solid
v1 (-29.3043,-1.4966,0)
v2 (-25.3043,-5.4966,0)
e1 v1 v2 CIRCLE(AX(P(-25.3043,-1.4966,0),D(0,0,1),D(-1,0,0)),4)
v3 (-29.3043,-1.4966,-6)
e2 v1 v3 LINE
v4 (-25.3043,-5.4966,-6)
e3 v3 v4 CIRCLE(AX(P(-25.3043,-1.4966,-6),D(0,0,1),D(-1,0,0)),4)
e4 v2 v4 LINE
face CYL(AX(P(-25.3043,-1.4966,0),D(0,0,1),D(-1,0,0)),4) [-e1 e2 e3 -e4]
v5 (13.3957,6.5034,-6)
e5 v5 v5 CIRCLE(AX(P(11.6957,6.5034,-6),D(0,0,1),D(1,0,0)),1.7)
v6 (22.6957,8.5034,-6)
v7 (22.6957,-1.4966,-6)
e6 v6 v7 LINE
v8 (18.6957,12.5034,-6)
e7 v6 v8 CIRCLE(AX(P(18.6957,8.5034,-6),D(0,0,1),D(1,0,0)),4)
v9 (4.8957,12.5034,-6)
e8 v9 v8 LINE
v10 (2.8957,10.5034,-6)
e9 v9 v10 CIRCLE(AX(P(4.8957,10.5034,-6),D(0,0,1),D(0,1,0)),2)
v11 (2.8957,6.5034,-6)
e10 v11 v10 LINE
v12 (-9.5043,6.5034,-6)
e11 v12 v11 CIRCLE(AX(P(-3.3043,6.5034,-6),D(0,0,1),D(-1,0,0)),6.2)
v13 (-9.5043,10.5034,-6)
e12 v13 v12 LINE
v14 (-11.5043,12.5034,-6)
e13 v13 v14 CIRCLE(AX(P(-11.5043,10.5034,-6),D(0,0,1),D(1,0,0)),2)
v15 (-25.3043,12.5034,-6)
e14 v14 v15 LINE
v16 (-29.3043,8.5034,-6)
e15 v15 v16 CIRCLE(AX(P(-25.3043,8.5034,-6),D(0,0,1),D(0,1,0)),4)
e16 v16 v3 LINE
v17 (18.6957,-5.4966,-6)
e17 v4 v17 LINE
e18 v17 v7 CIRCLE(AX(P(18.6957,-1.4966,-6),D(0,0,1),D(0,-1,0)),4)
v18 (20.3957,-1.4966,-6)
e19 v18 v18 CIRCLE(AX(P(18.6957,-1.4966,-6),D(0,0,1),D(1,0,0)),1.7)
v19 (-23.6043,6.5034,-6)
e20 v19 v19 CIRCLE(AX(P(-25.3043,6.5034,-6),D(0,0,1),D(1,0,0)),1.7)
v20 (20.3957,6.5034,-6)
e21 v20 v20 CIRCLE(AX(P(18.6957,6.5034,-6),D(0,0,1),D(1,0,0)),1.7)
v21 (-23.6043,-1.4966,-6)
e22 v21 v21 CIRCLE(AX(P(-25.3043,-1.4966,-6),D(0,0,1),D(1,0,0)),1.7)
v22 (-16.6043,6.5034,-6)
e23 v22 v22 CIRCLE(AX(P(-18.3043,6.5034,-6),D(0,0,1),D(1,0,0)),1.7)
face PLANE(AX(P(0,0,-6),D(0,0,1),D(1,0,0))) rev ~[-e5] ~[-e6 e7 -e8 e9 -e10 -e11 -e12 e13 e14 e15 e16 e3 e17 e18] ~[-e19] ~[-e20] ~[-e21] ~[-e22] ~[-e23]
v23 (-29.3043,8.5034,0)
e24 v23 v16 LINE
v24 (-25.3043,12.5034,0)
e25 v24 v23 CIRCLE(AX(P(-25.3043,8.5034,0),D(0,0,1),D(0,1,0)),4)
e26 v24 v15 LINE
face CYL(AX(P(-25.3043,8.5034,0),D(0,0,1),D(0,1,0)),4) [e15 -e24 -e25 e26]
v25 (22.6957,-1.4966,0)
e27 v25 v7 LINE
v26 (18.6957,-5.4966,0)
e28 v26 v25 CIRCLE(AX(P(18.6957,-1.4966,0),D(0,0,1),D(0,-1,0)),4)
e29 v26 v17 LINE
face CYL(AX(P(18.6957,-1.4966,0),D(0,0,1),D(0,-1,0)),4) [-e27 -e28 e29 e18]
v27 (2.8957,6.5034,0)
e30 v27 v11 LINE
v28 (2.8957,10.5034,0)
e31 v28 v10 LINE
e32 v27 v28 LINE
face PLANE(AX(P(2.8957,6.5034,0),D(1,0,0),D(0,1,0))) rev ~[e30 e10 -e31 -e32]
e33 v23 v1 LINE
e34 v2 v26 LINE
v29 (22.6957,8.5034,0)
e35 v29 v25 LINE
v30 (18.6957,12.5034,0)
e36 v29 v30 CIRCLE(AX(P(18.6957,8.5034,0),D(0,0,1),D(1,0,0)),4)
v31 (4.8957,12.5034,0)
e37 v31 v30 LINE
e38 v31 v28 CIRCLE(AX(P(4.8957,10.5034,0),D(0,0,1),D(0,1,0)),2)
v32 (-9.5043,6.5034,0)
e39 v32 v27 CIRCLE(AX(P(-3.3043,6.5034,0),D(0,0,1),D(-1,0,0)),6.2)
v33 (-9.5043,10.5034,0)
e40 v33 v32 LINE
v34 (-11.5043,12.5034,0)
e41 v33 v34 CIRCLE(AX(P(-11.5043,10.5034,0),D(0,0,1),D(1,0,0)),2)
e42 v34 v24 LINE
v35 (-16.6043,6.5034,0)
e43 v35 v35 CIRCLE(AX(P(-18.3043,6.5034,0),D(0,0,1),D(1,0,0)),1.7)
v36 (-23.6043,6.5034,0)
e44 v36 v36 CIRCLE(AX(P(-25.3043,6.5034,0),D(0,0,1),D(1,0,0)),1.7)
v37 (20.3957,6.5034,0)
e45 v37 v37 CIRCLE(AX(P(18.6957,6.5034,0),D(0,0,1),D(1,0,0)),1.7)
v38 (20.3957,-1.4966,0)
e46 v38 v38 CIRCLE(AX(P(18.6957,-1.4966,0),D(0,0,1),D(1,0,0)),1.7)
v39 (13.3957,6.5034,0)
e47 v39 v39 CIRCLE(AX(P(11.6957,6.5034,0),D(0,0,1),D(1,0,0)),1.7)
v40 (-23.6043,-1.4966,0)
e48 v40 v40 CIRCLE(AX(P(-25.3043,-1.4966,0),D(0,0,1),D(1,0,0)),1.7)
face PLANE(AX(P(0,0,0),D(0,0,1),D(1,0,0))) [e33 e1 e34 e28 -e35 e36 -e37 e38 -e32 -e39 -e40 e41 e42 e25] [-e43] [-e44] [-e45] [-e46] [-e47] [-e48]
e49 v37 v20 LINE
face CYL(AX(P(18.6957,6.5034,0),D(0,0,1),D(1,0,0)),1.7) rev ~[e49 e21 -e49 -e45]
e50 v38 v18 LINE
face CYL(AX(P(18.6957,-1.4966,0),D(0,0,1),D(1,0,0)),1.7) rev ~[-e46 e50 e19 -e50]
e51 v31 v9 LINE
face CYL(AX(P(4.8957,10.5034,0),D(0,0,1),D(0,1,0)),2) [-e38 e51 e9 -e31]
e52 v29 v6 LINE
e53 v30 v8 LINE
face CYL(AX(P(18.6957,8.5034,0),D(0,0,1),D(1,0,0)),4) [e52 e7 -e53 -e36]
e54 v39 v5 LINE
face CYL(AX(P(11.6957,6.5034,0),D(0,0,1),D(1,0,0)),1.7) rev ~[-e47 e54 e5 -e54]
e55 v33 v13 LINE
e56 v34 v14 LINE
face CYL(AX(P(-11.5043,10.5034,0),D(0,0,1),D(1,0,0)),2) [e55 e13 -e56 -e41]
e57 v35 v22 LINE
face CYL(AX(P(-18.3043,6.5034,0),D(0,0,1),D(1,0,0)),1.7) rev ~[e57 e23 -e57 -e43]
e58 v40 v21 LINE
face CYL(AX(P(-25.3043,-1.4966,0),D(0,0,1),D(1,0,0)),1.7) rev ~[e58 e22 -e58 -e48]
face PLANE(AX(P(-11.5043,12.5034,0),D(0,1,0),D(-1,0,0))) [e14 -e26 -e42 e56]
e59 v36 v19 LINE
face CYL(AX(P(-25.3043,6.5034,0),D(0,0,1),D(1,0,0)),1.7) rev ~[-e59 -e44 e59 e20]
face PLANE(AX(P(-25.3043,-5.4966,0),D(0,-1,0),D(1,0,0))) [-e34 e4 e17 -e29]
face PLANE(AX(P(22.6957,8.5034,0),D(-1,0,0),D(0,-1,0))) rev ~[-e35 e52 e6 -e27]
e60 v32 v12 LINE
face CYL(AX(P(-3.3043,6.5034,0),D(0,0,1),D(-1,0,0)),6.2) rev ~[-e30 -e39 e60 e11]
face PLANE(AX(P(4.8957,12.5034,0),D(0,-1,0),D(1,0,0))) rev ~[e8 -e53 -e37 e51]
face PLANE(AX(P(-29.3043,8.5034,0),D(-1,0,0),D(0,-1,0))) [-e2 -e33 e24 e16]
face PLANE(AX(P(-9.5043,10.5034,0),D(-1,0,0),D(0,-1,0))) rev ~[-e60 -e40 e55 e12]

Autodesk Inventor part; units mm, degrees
ref_plane "YZ Plane" through (0, 0, 0) normal (1, 0, 0) x (0, 1, 0)
ref_plane "XZ Plane" through (0, 0, 0) normal (0, 1, 0) x (-1, 0, 0)
ref_plane "XY Plane" through (0, 0, 0) normal (0, 0, 1) x (1, 0, 0)
sketch "Sketch1" plane through (0, 0, 0) normal (0, 0, 1) x (1, 0, 0)
  circle A0 centre (18.6957, -1.4966) radius 1.7
  circle A1 centre (18.6957, 6.5034) radius 1.7 projected
  circle A2 centre (11.6957, 6.5034) radius 1.7 projected
  arc A3 (22.6957, 8.5034) -> (18.6957, 12.5034) centre (18.6957, 8.5034) ccw
  line L0 (4.8957, 12.5034) -> (18.6957, 12.5034)
  arc A4 (4.8957, 12.5034) -> (2.8957, 10.5034) centre (4.8957, 10.5034) ccw
  line L1 (2.8957, 6.5034) -> (2.8957, 10.5034)
  arc A5 (-9.5043, 6.5034) -> (2.8957, 6.5034) centre (-3.3043, 6.5034) ccw projected
  line L2 (-9.5043, 10.5034) -> (-9.5043, 6.5034)
  arc A6 (-9.5043, 10.5034) -> (-11.5043, 12.5034) centre (-11.5043, 10.5034) ccw
  line L3 (22.6957, 8.5034) -> (22.6957, -1.4966)
  arc A7 (18.6957, -5.4966) -> (22.6957, -1.4966) centre (18.6957, -1.4966) ccw
  line L4 (-3.3043, 6.5034) -> (-3.3043, -12.8188) construction
  circle A8 centre (-25.3043, -1.4966) radius 1.7
  circle A9 centre (-25.3043, 6.5034) radius 1.7
  circle A10 centre (-18.3043, 6.5034) radius 1.7
  arc A11 (-25.3043, 12.5034) -> (-29.3043, 8.5034) centre (-25.3043, 8.5034) ccw
  line L5 (-11.5043, 12.5034) -> (-25.3043, 12.5034)
  line L6 (-9.5043, 6.5034) -> (-9.5043, 10.5034)
  arc A12 (-9.5043, 6.5034) -> (2.8957, 6.5034) centre (-3.3043, 6.5034) ccw
  line L7 (-29.3043, 8.5034) -> (-29.3043, -1.4966)
  arc A13 (-29.3043, -1.4966) -> (-25.3043, -5.4966) centre (-25.3043, -1.4966) ccw
  line L8 (-25.3043, -5.4966) -> (18.6957, -5.4966)
  point P0 (0, 0)
  dimension "d18" = 4
  dimension "d24" = 6
  dimension "d26" = 2
  dimension "d27" = 2
  dimension "d28" = 2
extrude "Extrusion1" add sketch "Sketch1" against normal blind 6
sketch "Sketch2" plane through (0, 0, -6) normal (0, 0, -1) x (-1, 0, 0)
  circle A0 centre (26.3043, -2.4966) radius 1.6 projected
  circle A1 centre (26.3043, 15.5034) radius 1.6 projected
  circle A2 centre (26.3043, 6.5034) radius 2.5 projected
  arc A3 (30.3043, 15.5034) -> (23.3147, 18.1609) centre (26.3043, 15.5034) ccw projected
  circle A4 centre (18.3043, 6.5034) radius 1.7 projected
  circle A5 centre (18.3043, -5.4966) radius 1.7 projected
  circle A6 centre (26.3043, -2.4966) radius 1.6 projected
  circle A7 centre (26.3043, 15.5034) radius 1.6 projected
  line L0 (14.3043, 6.5034) -> (14.3043, -5.4966) projected
  arc A8 (14.3043, -5.4966) -> (19.7088, -9.2419) centre (18.3043, -5.4966) ccw projected
  line L1 (19.7088, -9.2419) -> (27.7088, -6.2419) projected
  arc A9 (27.7088, -6.2419) -> (30.3043, -2.4966) centre (26.3043, -2.4966) ccw projected
  line L2 (30.3043, -2.4966) -> (30.3043, 2.0313) projected
  arc A10 (30.3043, 2.0313) -> (30.3043, 10.9756) centre (26.3043, 6.5034) ccw projected
  line L3 (30.3043, 10.9756) -> (30.3043, 15.5034) projected
  arc A11 (30.3043, 15.5034) -> (23.3147, 18.1609) centre (26.3043, 15.5034) ccw projected
  line L4 (23.3147, 18.1609) -> (15.3147, 9.1609) projected
  arc A12 (15.3147, 9.1609) -> (14.3043, 6.5034) centre (18.3043, 6.5034) ccw projected
  line L5 (18.3043, 12.5242) -> (23.3147, 18.1609) construction
  arc A13 (27.7088, -6.2419) -> (18.3043, -5.4966) centre (19.7185, -47.358) ccw projected
  line L6 (23.3147, 18.1609) -> (16.508, 12.5034) projected
  line L7 (-4.8957, 12.5034) -> (-18.6957, 12.5034) projected
  line L8 (21.8043, 16.9055) -> (21.8043, -5.5246)
  line L9 (25.163, -7.1966) -> (21.8043, -5.5246)
  circle A14 centre (18.3043, 6.5034) radius 1.7 projected
  point P0 (0, 0)
  dimension "d22" = 3.5
sketch "Sketch4" plane through (0, 0, -6) normal (0, 0, -1) x (-1, 0, 0)
  circle A0 centre (-11.6957, 6.5034) radius 1.7 projected
  circle A1 centre (18.3043, 6.5034) radius 1.7 projected
  line L0 (-8.4337, 6.5034) -> (-10.0647, 3.6784)
  line L1 (-10.0647, 3.6784) -> (-13.3267, 3.6784)
  line L2 (-13.3267, 3.6784) -> (-14.9577, 6.5034)
  line L3 (-14.9577, 6.5034) -> (-13.3267, 9.3284)
  line L4 (-13.3267, 9.3284) -> (-10.0647, 9.3284)
  line L5 (-10.0647, 9.3284) -> (-8.4337, 6.5034)
  line L6 (15.0423, 6.5034) -> (16.6733, 9.3284)
  line L7 (16.6733, 9.3284) -> (19.9353, 9.3284)
  line L8 (19.9353, 9.3284) -> (21.5663, 6.5034)
  line L9 (21.5663, 6.5034) -> (19.9353, 3.6784)
  line L10 (19.9353, 3.6784) -> (16.6733, 3.6784)
  line L11 (16.6733, 3.6784) -> (15.0423, 6.5034)
  dimension "d21" = 5.65
properties part number "Extruder_Fixer_normal"
